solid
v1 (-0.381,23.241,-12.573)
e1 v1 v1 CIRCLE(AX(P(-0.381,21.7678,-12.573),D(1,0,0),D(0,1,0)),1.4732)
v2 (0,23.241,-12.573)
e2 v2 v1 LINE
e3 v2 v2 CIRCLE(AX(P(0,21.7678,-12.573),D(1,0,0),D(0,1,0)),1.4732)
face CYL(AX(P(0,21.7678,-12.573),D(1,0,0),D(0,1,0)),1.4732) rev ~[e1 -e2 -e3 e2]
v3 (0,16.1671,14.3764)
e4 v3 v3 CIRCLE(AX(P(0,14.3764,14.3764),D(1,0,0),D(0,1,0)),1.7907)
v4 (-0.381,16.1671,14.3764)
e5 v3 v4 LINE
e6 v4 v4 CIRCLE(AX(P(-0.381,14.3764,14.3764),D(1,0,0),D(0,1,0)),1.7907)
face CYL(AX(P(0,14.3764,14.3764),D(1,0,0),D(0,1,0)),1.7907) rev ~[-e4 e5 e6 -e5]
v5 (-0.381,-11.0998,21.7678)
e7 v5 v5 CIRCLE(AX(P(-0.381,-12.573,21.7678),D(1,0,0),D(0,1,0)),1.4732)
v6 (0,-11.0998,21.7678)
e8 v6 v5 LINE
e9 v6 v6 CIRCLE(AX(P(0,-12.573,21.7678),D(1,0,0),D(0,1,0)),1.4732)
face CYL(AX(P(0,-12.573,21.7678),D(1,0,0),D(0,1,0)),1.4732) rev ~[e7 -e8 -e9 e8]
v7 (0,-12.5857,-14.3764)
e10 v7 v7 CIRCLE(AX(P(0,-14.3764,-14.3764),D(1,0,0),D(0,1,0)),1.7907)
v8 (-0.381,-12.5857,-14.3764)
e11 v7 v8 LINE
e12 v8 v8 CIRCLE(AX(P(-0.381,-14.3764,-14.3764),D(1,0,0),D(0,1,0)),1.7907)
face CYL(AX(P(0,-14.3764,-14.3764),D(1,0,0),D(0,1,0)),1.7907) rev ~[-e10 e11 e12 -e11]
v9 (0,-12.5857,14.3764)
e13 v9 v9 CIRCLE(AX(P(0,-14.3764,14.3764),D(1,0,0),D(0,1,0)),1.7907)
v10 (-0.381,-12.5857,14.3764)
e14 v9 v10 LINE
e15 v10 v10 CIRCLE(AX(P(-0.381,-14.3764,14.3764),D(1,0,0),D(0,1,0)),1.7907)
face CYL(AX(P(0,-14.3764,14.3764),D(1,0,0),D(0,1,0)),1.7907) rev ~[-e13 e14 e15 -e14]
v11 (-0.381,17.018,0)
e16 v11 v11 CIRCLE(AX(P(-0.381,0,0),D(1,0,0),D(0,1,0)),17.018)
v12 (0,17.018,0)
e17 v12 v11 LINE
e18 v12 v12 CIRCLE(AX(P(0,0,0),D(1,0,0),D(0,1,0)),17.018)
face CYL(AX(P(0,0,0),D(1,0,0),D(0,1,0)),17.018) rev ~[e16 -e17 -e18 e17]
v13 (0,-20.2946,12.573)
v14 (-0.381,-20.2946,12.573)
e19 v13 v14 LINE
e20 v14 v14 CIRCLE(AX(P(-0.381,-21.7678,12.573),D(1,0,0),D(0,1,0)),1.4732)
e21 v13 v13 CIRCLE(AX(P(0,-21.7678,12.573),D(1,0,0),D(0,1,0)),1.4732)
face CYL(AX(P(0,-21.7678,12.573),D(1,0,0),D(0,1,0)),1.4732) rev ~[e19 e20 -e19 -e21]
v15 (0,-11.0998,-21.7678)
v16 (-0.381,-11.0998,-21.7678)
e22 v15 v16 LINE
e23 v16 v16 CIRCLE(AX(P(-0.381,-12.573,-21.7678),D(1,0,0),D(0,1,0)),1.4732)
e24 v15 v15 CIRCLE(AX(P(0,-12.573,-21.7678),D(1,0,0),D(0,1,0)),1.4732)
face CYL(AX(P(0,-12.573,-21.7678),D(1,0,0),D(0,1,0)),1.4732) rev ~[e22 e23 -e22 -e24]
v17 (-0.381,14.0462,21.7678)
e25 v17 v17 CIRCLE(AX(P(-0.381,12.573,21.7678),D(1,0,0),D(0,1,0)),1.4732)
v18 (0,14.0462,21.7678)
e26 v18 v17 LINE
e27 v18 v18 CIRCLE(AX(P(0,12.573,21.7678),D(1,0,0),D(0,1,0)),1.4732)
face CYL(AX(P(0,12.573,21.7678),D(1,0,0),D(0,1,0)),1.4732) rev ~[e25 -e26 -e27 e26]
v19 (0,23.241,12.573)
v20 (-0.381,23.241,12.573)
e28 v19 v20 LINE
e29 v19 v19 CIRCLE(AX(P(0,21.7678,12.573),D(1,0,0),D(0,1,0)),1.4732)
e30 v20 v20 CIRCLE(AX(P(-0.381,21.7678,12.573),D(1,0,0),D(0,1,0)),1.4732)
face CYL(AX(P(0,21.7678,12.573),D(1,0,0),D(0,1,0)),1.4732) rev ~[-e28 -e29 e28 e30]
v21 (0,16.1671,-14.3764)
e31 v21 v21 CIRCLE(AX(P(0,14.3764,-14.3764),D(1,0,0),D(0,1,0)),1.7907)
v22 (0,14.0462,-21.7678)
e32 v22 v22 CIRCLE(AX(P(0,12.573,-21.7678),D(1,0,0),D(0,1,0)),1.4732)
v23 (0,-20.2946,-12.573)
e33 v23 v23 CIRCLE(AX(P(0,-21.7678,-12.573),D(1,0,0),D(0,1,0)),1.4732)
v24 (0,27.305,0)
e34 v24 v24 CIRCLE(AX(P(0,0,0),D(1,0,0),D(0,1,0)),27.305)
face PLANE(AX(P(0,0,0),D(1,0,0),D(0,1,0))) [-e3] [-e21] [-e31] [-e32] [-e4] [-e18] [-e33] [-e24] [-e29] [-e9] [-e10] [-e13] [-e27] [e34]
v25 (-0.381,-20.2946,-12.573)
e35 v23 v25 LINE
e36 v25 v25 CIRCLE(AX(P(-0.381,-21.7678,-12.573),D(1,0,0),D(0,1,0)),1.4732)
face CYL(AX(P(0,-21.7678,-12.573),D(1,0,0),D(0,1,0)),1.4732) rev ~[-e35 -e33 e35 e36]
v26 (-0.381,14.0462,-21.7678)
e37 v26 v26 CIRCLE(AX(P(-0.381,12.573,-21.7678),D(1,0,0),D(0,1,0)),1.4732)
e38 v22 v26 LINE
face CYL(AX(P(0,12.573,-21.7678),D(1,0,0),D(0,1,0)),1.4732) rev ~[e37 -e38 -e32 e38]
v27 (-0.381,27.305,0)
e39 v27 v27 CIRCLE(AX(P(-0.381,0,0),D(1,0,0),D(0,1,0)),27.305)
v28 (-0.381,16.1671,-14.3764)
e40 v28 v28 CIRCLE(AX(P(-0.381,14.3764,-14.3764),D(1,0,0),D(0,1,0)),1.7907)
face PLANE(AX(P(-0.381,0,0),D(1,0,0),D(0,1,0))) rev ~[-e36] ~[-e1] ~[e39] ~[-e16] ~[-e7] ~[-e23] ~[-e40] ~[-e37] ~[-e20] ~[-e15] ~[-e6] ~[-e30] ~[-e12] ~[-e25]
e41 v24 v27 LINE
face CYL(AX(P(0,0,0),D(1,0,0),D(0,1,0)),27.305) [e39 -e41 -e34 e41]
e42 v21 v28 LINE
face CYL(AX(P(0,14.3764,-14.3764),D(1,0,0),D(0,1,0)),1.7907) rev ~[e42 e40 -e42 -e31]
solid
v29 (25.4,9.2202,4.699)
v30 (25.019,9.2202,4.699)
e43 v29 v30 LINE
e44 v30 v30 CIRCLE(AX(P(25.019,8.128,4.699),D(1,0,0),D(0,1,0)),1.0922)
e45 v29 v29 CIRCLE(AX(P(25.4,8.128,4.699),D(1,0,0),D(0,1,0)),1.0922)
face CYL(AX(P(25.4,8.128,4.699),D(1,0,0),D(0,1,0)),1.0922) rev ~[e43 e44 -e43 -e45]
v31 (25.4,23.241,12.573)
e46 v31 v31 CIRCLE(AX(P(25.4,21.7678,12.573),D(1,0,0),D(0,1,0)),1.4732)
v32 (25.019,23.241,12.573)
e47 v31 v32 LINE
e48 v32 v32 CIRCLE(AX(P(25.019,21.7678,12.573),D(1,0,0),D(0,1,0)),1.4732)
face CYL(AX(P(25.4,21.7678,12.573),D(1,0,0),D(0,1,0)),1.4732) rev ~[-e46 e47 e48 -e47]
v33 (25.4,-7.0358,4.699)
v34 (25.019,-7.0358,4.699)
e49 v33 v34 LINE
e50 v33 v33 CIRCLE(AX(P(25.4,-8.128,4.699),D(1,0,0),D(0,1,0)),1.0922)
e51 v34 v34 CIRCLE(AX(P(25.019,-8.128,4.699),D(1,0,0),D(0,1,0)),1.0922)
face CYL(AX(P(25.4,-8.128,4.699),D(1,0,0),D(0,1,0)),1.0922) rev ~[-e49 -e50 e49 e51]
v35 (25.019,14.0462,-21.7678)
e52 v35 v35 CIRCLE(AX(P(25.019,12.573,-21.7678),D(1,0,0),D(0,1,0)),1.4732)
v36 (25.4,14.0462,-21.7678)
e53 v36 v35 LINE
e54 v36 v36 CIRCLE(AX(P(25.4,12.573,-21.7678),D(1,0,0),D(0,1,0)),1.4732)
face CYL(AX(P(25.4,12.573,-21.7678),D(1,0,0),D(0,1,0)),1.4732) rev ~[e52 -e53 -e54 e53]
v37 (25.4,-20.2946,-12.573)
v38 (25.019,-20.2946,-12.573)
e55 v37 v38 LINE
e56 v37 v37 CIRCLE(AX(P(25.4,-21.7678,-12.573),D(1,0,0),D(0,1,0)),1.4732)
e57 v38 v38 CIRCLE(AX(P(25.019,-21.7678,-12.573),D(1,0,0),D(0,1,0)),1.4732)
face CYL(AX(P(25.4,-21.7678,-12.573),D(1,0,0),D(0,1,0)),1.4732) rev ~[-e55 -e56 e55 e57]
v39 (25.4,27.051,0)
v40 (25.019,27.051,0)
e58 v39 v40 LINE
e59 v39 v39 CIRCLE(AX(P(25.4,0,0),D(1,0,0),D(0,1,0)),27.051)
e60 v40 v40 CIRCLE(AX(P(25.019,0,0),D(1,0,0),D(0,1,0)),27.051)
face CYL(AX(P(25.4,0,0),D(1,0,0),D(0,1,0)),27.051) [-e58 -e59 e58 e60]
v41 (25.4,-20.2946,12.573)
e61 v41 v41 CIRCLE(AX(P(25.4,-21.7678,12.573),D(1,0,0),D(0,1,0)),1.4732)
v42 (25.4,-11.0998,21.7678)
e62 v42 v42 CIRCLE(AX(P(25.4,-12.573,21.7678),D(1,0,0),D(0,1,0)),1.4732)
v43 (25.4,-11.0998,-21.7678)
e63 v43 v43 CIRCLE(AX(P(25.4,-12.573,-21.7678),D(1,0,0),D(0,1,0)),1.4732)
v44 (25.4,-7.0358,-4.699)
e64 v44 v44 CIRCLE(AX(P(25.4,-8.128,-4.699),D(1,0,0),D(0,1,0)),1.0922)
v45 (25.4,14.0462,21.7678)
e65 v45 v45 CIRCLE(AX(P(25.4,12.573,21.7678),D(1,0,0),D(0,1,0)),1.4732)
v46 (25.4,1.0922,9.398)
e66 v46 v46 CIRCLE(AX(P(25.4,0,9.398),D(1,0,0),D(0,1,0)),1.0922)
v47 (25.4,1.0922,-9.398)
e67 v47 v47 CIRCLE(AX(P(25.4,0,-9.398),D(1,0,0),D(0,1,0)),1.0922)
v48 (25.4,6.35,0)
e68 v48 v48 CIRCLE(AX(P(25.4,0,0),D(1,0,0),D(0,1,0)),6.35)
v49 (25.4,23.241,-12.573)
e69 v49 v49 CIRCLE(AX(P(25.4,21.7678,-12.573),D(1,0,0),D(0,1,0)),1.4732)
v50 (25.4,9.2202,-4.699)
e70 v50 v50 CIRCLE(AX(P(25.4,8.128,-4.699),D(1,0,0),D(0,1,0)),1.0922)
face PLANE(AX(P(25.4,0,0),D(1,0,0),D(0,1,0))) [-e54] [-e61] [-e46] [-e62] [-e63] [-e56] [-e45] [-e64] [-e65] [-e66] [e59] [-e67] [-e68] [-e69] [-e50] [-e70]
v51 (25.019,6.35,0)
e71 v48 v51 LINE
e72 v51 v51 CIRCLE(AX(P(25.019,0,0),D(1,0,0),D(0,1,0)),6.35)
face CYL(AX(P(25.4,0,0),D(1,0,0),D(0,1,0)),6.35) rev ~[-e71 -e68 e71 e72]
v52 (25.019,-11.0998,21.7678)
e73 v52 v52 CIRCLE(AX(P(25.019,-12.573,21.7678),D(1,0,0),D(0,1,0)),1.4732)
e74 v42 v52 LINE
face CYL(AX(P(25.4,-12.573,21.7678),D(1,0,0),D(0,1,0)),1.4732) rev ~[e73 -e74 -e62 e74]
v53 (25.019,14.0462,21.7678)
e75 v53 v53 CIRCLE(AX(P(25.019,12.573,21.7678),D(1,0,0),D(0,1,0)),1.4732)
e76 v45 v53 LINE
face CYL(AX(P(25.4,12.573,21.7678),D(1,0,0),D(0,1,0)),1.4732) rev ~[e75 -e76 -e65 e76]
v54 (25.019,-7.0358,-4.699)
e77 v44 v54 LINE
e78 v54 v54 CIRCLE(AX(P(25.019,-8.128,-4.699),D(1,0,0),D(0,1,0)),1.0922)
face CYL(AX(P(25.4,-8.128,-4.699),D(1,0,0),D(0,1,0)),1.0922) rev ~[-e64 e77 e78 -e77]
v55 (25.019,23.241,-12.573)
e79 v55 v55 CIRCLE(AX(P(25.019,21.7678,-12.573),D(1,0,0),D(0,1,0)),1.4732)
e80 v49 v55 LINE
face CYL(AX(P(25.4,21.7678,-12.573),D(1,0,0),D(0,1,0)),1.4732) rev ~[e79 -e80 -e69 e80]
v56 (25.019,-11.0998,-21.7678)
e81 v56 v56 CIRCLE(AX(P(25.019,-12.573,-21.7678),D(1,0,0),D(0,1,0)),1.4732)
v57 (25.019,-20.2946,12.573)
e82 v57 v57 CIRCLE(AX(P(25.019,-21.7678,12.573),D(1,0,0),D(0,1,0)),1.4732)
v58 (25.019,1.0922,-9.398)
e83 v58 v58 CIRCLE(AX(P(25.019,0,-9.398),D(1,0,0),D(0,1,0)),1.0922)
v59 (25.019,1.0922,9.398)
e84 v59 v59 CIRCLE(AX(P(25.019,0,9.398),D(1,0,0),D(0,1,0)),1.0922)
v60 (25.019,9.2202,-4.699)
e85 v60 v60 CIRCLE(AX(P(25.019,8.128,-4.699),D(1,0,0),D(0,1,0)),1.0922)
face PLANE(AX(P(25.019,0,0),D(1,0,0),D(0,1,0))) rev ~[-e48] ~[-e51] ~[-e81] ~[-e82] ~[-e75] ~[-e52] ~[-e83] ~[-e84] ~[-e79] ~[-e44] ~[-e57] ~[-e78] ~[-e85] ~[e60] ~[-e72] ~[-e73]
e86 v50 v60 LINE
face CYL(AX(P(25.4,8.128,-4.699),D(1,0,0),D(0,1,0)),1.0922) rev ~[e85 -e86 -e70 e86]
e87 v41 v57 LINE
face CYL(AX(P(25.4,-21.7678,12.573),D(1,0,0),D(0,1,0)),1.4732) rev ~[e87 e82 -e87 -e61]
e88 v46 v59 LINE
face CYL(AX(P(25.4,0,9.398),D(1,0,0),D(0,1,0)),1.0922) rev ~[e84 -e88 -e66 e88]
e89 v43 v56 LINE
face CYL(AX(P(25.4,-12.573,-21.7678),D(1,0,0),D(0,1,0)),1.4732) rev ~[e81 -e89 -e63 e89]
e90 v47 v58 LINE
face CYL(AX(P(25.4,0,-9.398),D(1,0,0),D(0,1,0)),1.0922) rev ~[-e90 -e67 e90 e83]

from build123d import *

# Parameters (mm, degrees)
F0_R     = 27.305
F0_R_2   = 1.7907
F0_R_3   = 1.4732
F0_R_4   = 17.018
F1_DEPTH = 0.381
F3_R     = 27.051
F3_R_2   = 1.4732
F3_R_3   = 1.0922
F3_R_4   = 6.35
F4_DEPTH = 0.381


with BuildPart() as f1:
    # F0 (on Right) → F1 (new body)
    with BuildSketch(Plane.YZ):
        Circle(F0_R)
        with Locations((-14.3764, -14.3764)):
            Circle(F0_R_2, mode=Mode.SUBTRACT)
        with Locations((-12.573, -21.7678)):
            Circle(F0_R_3, mode=Mode.SUBTRACT)
        with Locations((-21.7678, -12.573)):
            Circle(F0_R_3, mode=Mode.SUBTRACT)
        with Locations((12.573, -21.7678)):
            Circle(F0_R_3, mode=Mode.SUBTRACT)
        with Locations((14.3764, -14.3764)):
            Circle(F0_R_2, mode=Mode.SUBTRACT)
        with Locations((21.7678, -12.573)):
            Circle(F0_R_3, mode=Mode.SUBTRACT)
        with Locations((-21.7678, 12.573)):
            Circle(F0_R_3, mode=Mode.SUBTRACT)
        with Locations((-14.3764, 14.3764)):
            Circle(F0_R_2, mode=Mode.SUBTRACT)
        with Locations((-12.573, 21.7678)):
            Circle(F0_R_3, mode=Mode.SUBTRACT)
        Circle(F0_R_4, mode=Mode.SUBTRACT)
        with Locations((21.7678, 12.573)):
            Circle(F0_R_3, mode=Mode.SUBTRACT)
        with Locations((12.573, 21.7678)):
            Circle(F0_R_3, mode=Mode.SUBTRACT)
        with Locations((14.3764, 14.3764)):
            Circle(F0_R_2, mode=Mode.SUBTRACT)
    extrude(amount=-F1_DEPTH)


with BuildPart() as f4:
    # F3 (on offset) → F4 (new body)
    with BuildSketch(Plane.YZ.offset(25.4)):
        Circle(F3_R)
        with Locations((-12.573, -21.7678)):
            Circle(F3_R_2, mode=Mode.SUBTRACT)
        with Locations((-21.7678, -12.573)):
            Circle(F3_R_2, mode=Mode.SUBTRACT)
        with Locations((-8.128, -4.699)):
            Circle(F3_R_3, mode=Mode.SUBTRACT)
        with Locations((12.573, -21.7678)):
            Circle(F3_R_2, mode=Mode.SUBTRACT)
        with Locations((0, -9.398)):
            Circle(F3_R_3, mode=Mode.SUBTRACT)
        with Locations((8.128, -4.699)):
            Circle(F3_R_3, mode=Mode.SUBTRACT)
        with Locations((21.7678, -12.573)):
            Circle(F3_R_2, mode=Mode.SUBTRACT)
        with Locations((-21.7678, 12.573)):
            Circle(F3_R_2, mode=Mode.SUBTRACT)
        with Locations((-8.128, 4.699)):
            Circle(F3_R_3, mode=Mode.SUBTRACT)
        with Locations((-12.573, 21.7678)):
            Circle(F3_R_2, mode=Mode.SUBTRACT)
        Circle(F3_R_4, mode=Mode.SUBTRACT)
        with Locations((8.128, 4.699)):
            Circle(F3_R_3, mode=Mode.SUBTRACT)
        with Locations((0, 9.398)):
            Circle(F3_R_3, mode=Mode.SUBTRACT)
        with Locations((21.7678, 12.573)):
            Circle(F3_R_2, mode=Mode.SUBTRACT)
        with Locations((12.573, 21.7678)):
            Circle(F3_R_2, mode=Mode.SUBTRACT)
    extrude(amount=-F4_DEPTH)


solid = Compound([f1.part, f4.part])
